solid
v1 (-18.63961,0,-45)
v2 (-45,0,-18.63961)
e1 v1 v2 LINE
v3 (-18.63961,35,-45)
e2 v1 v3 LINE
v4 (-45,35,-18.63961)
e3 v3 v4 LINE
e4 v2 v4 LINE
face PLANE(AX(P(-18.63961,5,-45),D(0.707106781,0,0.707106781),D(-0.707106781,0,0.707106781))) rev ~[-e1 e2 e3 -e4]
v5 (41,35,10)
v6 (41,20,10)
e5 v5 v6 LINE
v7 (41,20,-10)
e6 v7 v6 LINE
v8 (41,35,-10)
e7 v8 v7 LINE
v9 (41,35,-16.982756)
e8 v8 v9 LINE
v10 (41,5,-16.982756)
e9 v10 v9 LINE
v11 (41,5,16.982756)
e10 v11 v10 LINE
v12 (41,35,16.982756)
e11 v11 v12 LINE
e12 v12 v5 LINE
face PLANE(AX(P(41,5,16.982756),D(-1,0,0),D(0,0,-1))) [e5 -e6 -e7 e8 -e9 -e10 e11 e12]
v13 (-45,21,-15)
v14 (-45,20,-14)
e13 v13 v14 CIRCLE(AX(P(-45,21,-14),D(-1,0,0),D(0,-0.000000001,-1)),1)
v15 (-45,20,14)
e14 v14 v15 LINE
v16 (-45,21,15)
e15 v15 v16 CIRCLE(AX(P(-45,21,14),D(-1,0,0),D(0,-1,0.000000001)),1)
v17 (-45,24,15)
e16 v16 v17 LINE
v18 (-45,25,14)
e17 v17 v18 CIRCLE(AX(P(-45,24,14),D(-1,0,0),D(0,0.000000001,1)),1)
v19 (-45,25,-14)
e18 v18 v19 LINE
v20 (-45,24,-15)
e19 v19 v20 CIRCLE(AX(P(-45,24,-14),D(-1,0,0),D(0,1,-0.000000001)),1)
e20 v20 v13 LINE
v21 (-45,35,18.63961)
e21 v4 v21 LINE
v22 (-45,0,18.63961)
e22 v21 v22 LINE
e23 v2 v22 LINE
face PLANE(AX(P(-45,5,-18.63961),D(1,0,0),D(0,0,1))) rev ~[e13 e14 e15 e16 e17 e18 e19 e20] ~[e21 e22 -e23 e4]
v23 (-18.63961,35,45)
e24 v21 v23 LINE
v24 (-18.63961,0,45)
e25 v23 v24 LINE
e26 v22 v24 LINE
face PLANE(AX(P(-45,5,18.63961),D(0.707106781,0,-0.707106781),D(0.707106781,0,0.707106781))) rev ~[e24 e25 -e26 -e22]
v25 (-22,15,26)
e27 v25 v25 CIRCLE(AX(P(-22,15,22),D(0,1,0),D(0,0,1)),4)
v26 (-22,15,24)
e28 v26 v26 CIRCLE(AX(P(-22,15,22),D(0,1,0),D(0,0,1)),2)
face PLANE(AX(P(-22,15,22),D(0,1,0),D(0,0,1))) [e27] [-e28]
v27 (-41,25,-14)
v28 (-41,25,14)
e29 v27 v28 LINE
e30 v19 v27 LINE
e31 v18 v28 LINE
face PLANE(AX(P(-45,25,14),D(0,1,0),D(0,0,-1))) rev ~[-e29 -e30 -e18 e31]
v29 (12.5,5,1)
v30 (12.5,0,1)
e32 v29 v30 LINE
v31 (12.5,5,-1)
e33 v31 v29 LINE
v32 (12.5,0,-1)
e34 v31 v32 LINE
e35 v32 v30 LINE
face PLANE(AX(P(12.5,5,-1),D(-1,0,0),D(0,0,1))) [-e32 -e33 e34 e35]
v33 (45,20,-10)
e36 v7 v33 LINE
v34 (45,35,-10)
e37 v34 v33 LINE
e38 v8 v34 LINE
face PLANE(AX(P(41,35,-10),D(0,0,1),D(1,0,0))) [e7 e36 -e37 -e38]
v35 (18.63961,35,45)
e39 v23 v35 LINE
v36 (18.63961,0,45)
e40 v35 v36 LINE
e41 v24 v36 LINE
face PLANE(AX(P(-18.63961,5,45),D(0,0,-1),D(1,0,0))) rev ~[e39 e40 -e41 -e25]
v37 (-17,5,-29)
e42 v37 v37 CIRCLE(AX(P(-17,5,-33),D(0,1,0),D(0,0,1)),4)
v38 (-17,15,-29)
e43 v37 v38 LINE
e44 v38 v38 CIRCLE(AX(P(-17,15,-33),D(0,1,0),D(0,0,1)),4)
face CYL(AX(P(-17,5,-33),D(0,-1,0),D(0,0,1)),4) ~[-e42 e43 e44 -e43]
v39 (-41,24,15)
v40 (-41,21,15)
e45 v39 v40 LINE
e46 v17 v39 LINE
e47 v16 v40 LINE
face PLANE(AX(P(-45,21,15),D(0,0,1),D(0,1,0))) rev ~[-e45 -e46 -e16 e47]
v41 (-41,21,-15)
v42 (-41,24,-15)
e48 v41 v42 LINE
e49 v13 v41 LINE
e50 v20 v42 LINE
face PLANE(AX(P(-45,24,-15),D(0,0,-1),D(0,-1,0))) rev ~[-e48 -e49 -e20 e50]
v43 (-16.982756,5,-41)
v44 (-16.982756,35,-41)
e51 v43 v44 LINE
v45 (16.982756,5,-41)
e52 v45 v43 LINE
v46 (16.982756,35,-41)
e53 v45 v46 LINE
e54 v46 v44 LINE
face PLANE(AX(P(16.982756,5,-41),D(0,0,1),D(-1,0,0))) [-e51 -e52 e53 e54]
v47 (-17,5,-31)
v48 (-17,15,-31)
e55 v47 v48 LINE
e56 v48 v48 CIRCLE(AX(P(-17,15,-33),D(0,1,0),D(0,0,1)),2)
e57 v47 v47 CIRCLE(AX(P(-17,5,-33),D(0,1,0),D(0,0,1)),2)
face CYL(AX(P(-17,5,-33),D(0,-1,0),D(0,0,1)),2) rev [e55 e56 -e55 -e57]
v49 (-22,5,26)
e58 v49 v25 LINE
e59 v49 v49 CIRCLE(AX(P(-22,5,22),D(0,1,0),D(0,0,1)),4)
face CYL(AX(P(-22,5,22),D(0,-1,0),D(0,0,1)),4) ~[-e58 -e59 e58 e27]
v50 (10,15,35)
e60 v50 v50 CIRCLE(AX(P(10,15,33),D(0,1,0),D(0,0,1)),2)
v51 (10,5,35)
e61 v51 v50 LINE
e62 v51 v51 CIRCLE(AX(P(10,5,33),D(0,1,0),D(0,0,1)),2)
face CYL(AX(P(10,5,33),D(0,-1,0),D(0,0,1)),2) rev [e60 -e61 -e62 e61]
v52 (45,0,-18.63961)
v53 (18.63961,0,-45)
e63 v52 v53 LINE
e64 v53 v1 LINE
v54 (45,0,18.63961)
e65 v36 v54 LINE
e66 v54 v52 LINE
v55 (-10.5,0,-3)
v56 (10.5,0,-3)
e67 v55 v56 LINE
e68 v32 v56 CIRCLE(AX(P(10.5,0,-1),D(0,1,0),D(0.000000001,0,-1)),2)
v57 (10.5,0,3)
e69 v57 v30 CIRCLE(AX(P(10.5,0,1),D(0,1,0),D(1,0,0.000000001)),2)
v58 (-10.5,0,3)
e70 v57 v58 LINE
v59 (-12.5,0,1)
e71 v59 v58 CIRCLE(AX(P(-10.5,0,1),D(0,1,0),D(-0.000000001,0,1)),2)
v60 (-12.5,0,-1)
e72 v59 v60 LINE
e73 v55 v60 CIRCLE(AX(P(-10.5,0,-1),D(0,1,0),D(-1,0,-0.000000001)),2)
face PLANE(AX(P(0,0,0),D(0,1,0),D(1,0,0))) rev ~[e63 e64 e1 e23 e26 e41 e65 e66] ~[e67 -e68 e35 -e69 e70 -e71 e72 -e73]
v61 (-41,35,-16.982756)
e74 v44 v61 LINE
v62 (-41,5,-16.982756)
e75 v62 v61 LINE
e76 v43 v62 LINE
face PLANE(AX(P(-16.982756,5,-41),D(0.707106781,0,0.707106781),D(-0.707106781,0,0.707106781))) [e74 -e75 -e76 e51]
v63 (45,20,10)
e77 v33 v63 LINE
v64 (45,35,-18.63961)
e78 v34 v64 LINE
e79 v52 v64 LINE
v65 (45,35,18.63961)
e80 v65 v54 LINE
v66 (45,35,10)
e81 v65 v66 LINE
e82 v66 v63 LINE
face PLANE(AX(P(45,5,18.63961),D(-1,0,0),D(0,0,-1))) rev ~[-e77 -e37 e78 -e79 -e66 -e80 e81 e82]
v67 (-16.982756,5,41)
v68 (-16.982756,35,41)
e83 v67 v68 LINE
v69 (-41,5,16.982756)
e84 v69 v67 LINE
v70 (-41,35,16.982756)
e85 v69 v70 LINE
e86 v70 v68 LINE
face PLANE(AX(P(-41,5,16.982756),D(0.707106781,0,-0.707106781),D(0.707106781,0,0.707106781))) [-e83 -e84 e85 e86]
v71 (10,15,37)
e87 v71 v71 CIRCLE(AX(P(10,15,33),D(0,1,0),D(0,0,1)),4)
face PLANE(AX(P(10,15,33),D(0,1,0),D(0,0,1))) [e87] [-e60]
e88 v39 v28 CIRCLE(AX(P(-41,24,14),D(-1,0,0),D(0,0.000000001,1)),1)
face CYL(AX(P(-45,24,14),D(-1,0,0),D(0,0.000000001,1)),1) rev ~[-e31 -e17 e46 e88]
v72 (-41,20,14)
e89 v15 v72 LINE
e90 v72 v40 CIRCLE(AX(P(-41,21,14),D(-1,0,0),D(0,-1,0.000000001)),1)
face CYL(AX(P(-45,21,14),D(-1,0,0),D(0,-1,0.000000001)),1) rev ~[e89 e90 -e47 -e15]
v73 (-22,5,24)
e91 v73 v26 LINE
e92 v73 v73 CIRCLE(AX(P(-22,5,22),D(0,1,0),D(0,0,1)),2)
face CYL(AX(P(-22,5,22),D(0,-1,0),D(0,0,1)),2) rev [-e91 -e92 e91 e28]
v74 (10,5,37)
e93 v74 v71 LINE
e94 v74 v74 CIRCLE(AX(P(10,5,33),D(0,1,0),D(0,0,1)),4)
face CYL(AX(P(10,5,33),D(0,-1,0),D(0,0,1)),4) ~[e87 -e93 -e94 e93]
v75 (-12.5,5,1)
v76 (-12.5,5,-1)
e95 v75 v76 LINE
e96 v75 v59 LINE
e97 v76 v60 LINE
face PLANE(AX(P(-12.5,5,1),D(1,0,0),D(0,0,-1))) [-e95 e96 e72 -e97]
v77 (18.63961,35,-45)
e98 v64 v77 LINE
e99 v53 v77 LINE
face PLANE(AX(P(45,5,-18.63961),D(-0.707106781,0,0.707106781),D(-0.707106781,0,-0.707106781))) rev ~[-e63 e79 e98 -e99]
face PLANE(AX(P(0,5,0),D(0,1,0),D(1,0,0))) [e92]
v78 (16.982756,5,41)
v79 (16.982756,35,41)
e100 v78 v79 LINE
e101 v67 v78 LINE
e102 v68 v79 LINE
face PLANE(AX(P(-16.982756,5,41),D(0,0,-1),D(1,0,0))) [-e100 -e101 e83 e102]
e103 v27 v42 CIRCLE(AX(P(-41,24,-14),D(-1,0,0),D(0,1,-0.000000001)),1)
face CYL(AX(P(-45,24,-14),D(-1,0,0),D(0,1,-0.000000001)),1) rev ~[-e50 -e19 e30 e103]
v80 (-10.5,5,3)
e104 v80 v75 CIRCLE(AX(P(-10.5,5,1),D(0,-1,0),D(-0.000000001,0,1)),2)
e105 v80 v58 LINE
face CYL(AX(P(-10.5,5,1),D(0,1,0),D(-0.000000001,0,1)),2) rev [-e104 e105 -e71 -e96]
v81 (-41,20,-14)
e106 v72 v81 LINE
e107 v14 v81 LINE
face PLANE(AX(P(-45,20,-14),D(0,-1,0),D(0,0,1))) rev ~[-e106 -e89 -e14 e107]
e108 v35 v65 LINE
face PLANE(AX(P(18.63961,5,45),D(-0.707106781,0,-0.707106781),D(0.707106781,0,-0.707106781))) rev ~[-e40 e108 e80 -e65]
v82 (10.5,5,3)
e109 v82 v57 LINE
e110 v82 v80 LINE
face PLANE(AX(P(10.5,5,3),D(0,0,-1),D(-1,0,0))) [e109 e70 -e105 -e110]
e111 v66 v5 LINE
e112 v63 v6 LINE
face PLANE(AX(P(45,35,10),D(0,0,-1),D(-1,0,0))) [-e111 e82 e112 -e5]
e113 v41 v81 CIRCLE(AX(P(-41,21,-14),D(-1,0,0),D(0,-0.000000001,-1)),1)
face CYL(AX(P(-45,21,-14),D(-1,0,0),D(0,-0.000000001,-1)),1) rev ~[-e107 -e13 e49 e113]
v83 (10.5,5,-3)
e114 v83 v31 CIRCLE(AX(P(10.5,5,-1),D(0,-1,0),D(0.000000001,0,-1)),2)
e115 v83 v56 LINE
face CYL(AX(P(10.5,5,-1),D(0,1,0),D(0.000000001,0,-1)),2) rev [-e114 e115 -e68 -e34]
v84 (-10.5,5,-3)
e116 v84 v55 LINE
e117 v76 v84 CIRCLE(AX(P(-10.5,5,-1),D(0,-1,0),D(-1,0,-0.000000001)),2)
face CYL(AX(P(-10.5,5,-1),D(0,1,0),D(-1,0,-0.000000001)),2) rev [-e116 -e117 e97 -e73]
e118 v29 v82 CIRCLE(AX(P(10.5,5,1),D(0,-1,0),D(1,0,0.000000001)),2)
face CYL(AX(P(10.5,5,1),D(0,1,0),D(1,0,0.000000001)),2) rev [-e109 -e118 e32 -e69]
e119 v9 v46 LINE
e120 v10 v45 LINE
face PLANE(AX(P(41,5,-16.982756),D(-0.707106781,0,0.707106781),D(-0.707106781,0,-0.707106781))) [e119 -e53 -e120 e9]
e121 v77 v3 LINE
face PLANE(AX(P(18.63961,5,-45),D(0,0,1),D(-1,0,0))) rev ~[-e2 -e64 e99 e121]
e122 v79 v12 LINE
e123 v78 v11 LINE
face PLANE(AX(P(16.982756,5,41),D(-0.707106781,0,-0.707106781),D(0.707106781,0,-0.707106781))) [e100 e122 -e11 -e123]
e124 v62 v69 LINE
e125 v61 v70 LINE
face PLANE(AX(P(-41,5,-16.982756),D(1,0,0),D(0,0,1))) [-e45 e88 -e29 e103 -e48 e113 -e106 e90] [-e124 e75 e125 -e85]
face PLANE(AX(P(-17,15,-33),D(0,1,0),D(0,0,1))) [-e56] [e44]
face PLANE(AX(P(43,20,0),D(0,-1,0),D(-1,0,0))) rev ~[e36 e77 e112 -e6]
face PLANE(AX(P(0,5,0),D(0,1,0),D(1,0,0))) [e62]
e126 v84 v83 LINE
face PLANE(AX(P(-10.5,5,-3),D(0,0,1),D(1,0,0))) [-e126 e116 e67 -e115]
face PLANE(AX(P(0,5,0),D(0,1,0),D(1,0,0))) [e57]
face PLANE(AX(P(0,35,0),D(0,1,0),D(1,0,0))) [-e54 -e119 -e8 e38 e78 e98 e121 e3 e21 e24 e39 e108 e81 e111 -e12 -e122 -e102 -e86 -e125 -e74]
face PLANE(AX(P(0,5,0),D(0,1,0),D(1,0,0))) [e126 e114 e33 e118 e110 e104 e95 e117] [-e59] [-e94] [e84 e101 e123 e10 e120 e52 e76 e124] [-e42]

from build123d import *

# Parameters (mm, degrees)
EXTRUDE_1_DEPTH     = 5
EXTRUDE_3_DEPTH     = 30
SKETCH_6_R          = 4
SKETCH_6_R_2        = 2
EXTRUDE_4_DEPTH     = 10
CUT_EXTRUDE_1_DEPTH = 10
CUT_EXTRUDE_3_DEPTH = 10
CUT_EXTRUDE_4_DEPTH = 15


with BuildPart() as part:
    # 草图1 → 凸台-拉伸1 (new body)
    with BuildSketch(Plane(origin=(0, 0, 0), x_dir=(1, 0, 0), z_dir=(0, 1, 0))):
        Polygon((45, 18.639610307), (18.639610307, 45), (-18.639610307, 45), (-45, 18.639610307), (-45, -18.639610307), (-18.639610307, -45), (18.639610307, -45), (45, -18.639610307), align=None)
    extrude(amount=EXTRUDE_1_DEPTH)

    # 草图5 → 凸台-拉伸3 (add)
    with BuildSketch(Plane(origin=(0, 5, 0), x_dir=(1, 0, 0), z_dir=(0, 1, 0))):
        Polygon((45, -18.639610307), (45, 18.639610307), (18.639610307, 45), (-18.639610307, 45), (-45, 18.639610307), (-45, -18.639610307), (-18.639610307, -45), (18.639610307, -45), align=None)
        Polygon((41, 16.982756057), (16.982756057, 41), (-16.982756057, 41), (-41, 16.982756057), (-41, -16.982756057), (-16.982756057, -41), (16.982756057, -41), (41, -16.982756057), align=None, mode=Mode.SUBTRACT)
    extrude(amount=EXTRUDE_3_DEPTH)

    # 草图6 → 凸台-拉伸4 (add)
    # profile 1 of 3: a face of its own
    with BuildSketch(Plane(origin=(0, 5, 0), x_dir=(1, 0, 0), z_dir=(0, 1, 0))):
        with Locations(Location((-17, 33, 0), (0, 0, 270))):
            Circle(SKETCH_6_R)
        with Locations(Location((-17, 33, 0), (0, 0, 270))):
            Circle(SKETCH_6_R_2, mode=Mode.SUBTRACT)
    # profile 2 of 3: a face of its own
    with BuildSketch(Plane(origin=(0, 5, 0), x_dir=(1, 0, 0), z_dir=(0, 1, 0))):
        with Locations(Location((10, -33, 0), (0, 0, 270))):
            Circle(SKETCH_6_R)
        with Locations(Location((10, -33, 0), (0, 0, 270))):
            Circle(SKETCH_6_R_2, mode=Mode.SUBTRACT)
    # profile 3 of 3: a face of its own
    with BuildSketch(Plane(origin=(0, 5, 0), x_dir=(1, 0, 0), z_dir=(0, 1, 0))):
        with Locations(Location((-22, -22, 0), (0, 0, 270))):
            Circle(SKETCH_6_R)
        with Locations(Location((-22, -22, 0), (0, 0, 270))):
            Circle(SKETCH_6_R_2, mode=Mode.SUBTRACT)
    extrude(amount=EXTRUDE_4_DEPTH)

    # 草图7 → 切除-拉伸1 (cut)
    with BuildSketch(Plane(origin=(0, 5, 0), x_dir=(1, 0, 0), z_dir=(0, 1, 0))):
        with BuildLine():
            ThreePointArc((10.5, 3), (11.914213562, 2.414213562), (12.5, 1))
            Line((12.5, 1), (12.5, -1))
            ThreePointArc((12.5, -1), (11.914213562, -2.414213562), (10.5, -3))
            Line((10.5, -3), (-10.5, -3))
            ThreePointArc((-10.5, -3), (-11.914213562, -2.414213562), (-12.5, -1))
            Line((-12.5, -1), (-12.5, 1))
            ThreePointArc((-12.5, 1), (-11.914213562, 2.414213562), (-10.5, 3))
            Line((-10.5, 3), (10.5, 3))
        make_face()
    extrude(amount=-CUT_EXTRUDE_1_DEPTH, mode=Mode.SUBTRACT)

    # 草图10 → 切除-拉伸3 (cut)
    with BuildSketch(Plane.ZY.offset(45)):
        with BuildLine():
            Line((0, 20), (14, 20))
            ThreePointArc((14, 20), (14.707106781, 20.292893219), (15, 21))
            Line((15, 21), (15, 24))
            ThreePointArc((15, 24), (14.707106781, 24.707106781), (14, 25))
            Line((14, 25), (-14, 25))
            ThreePointArc((-14, 25), (-14.707106781, 24.707106781), (-15, 24))
            Line((-15, 24), (-15, 21))
            ThreePointArc((-15, 21), (-14.707106781, 20.292893219), (-14, 20))
            Line((-14, 20), (0, 20))
        make_face()
    extrude(amount=-CUT_EXTRUDE_3_DEPTH, mode=Mode.SUBTRACT)

    # 草图11 → 切除-拉伸4 (cut)
    with BuildSketch(Plane(origin=(0, 35, 0), x_dir=(1, 0, 0), z_dir=(0, 1, 0))):
        Polygon((41, 0), (41, 10), (45, 10), (45, -10), (41, -10), align=None)
    extrude(amount=-CUT_EXTRUDE_4_DEPTH, mode=Mode.SUBTRACT)


solid = part.part
